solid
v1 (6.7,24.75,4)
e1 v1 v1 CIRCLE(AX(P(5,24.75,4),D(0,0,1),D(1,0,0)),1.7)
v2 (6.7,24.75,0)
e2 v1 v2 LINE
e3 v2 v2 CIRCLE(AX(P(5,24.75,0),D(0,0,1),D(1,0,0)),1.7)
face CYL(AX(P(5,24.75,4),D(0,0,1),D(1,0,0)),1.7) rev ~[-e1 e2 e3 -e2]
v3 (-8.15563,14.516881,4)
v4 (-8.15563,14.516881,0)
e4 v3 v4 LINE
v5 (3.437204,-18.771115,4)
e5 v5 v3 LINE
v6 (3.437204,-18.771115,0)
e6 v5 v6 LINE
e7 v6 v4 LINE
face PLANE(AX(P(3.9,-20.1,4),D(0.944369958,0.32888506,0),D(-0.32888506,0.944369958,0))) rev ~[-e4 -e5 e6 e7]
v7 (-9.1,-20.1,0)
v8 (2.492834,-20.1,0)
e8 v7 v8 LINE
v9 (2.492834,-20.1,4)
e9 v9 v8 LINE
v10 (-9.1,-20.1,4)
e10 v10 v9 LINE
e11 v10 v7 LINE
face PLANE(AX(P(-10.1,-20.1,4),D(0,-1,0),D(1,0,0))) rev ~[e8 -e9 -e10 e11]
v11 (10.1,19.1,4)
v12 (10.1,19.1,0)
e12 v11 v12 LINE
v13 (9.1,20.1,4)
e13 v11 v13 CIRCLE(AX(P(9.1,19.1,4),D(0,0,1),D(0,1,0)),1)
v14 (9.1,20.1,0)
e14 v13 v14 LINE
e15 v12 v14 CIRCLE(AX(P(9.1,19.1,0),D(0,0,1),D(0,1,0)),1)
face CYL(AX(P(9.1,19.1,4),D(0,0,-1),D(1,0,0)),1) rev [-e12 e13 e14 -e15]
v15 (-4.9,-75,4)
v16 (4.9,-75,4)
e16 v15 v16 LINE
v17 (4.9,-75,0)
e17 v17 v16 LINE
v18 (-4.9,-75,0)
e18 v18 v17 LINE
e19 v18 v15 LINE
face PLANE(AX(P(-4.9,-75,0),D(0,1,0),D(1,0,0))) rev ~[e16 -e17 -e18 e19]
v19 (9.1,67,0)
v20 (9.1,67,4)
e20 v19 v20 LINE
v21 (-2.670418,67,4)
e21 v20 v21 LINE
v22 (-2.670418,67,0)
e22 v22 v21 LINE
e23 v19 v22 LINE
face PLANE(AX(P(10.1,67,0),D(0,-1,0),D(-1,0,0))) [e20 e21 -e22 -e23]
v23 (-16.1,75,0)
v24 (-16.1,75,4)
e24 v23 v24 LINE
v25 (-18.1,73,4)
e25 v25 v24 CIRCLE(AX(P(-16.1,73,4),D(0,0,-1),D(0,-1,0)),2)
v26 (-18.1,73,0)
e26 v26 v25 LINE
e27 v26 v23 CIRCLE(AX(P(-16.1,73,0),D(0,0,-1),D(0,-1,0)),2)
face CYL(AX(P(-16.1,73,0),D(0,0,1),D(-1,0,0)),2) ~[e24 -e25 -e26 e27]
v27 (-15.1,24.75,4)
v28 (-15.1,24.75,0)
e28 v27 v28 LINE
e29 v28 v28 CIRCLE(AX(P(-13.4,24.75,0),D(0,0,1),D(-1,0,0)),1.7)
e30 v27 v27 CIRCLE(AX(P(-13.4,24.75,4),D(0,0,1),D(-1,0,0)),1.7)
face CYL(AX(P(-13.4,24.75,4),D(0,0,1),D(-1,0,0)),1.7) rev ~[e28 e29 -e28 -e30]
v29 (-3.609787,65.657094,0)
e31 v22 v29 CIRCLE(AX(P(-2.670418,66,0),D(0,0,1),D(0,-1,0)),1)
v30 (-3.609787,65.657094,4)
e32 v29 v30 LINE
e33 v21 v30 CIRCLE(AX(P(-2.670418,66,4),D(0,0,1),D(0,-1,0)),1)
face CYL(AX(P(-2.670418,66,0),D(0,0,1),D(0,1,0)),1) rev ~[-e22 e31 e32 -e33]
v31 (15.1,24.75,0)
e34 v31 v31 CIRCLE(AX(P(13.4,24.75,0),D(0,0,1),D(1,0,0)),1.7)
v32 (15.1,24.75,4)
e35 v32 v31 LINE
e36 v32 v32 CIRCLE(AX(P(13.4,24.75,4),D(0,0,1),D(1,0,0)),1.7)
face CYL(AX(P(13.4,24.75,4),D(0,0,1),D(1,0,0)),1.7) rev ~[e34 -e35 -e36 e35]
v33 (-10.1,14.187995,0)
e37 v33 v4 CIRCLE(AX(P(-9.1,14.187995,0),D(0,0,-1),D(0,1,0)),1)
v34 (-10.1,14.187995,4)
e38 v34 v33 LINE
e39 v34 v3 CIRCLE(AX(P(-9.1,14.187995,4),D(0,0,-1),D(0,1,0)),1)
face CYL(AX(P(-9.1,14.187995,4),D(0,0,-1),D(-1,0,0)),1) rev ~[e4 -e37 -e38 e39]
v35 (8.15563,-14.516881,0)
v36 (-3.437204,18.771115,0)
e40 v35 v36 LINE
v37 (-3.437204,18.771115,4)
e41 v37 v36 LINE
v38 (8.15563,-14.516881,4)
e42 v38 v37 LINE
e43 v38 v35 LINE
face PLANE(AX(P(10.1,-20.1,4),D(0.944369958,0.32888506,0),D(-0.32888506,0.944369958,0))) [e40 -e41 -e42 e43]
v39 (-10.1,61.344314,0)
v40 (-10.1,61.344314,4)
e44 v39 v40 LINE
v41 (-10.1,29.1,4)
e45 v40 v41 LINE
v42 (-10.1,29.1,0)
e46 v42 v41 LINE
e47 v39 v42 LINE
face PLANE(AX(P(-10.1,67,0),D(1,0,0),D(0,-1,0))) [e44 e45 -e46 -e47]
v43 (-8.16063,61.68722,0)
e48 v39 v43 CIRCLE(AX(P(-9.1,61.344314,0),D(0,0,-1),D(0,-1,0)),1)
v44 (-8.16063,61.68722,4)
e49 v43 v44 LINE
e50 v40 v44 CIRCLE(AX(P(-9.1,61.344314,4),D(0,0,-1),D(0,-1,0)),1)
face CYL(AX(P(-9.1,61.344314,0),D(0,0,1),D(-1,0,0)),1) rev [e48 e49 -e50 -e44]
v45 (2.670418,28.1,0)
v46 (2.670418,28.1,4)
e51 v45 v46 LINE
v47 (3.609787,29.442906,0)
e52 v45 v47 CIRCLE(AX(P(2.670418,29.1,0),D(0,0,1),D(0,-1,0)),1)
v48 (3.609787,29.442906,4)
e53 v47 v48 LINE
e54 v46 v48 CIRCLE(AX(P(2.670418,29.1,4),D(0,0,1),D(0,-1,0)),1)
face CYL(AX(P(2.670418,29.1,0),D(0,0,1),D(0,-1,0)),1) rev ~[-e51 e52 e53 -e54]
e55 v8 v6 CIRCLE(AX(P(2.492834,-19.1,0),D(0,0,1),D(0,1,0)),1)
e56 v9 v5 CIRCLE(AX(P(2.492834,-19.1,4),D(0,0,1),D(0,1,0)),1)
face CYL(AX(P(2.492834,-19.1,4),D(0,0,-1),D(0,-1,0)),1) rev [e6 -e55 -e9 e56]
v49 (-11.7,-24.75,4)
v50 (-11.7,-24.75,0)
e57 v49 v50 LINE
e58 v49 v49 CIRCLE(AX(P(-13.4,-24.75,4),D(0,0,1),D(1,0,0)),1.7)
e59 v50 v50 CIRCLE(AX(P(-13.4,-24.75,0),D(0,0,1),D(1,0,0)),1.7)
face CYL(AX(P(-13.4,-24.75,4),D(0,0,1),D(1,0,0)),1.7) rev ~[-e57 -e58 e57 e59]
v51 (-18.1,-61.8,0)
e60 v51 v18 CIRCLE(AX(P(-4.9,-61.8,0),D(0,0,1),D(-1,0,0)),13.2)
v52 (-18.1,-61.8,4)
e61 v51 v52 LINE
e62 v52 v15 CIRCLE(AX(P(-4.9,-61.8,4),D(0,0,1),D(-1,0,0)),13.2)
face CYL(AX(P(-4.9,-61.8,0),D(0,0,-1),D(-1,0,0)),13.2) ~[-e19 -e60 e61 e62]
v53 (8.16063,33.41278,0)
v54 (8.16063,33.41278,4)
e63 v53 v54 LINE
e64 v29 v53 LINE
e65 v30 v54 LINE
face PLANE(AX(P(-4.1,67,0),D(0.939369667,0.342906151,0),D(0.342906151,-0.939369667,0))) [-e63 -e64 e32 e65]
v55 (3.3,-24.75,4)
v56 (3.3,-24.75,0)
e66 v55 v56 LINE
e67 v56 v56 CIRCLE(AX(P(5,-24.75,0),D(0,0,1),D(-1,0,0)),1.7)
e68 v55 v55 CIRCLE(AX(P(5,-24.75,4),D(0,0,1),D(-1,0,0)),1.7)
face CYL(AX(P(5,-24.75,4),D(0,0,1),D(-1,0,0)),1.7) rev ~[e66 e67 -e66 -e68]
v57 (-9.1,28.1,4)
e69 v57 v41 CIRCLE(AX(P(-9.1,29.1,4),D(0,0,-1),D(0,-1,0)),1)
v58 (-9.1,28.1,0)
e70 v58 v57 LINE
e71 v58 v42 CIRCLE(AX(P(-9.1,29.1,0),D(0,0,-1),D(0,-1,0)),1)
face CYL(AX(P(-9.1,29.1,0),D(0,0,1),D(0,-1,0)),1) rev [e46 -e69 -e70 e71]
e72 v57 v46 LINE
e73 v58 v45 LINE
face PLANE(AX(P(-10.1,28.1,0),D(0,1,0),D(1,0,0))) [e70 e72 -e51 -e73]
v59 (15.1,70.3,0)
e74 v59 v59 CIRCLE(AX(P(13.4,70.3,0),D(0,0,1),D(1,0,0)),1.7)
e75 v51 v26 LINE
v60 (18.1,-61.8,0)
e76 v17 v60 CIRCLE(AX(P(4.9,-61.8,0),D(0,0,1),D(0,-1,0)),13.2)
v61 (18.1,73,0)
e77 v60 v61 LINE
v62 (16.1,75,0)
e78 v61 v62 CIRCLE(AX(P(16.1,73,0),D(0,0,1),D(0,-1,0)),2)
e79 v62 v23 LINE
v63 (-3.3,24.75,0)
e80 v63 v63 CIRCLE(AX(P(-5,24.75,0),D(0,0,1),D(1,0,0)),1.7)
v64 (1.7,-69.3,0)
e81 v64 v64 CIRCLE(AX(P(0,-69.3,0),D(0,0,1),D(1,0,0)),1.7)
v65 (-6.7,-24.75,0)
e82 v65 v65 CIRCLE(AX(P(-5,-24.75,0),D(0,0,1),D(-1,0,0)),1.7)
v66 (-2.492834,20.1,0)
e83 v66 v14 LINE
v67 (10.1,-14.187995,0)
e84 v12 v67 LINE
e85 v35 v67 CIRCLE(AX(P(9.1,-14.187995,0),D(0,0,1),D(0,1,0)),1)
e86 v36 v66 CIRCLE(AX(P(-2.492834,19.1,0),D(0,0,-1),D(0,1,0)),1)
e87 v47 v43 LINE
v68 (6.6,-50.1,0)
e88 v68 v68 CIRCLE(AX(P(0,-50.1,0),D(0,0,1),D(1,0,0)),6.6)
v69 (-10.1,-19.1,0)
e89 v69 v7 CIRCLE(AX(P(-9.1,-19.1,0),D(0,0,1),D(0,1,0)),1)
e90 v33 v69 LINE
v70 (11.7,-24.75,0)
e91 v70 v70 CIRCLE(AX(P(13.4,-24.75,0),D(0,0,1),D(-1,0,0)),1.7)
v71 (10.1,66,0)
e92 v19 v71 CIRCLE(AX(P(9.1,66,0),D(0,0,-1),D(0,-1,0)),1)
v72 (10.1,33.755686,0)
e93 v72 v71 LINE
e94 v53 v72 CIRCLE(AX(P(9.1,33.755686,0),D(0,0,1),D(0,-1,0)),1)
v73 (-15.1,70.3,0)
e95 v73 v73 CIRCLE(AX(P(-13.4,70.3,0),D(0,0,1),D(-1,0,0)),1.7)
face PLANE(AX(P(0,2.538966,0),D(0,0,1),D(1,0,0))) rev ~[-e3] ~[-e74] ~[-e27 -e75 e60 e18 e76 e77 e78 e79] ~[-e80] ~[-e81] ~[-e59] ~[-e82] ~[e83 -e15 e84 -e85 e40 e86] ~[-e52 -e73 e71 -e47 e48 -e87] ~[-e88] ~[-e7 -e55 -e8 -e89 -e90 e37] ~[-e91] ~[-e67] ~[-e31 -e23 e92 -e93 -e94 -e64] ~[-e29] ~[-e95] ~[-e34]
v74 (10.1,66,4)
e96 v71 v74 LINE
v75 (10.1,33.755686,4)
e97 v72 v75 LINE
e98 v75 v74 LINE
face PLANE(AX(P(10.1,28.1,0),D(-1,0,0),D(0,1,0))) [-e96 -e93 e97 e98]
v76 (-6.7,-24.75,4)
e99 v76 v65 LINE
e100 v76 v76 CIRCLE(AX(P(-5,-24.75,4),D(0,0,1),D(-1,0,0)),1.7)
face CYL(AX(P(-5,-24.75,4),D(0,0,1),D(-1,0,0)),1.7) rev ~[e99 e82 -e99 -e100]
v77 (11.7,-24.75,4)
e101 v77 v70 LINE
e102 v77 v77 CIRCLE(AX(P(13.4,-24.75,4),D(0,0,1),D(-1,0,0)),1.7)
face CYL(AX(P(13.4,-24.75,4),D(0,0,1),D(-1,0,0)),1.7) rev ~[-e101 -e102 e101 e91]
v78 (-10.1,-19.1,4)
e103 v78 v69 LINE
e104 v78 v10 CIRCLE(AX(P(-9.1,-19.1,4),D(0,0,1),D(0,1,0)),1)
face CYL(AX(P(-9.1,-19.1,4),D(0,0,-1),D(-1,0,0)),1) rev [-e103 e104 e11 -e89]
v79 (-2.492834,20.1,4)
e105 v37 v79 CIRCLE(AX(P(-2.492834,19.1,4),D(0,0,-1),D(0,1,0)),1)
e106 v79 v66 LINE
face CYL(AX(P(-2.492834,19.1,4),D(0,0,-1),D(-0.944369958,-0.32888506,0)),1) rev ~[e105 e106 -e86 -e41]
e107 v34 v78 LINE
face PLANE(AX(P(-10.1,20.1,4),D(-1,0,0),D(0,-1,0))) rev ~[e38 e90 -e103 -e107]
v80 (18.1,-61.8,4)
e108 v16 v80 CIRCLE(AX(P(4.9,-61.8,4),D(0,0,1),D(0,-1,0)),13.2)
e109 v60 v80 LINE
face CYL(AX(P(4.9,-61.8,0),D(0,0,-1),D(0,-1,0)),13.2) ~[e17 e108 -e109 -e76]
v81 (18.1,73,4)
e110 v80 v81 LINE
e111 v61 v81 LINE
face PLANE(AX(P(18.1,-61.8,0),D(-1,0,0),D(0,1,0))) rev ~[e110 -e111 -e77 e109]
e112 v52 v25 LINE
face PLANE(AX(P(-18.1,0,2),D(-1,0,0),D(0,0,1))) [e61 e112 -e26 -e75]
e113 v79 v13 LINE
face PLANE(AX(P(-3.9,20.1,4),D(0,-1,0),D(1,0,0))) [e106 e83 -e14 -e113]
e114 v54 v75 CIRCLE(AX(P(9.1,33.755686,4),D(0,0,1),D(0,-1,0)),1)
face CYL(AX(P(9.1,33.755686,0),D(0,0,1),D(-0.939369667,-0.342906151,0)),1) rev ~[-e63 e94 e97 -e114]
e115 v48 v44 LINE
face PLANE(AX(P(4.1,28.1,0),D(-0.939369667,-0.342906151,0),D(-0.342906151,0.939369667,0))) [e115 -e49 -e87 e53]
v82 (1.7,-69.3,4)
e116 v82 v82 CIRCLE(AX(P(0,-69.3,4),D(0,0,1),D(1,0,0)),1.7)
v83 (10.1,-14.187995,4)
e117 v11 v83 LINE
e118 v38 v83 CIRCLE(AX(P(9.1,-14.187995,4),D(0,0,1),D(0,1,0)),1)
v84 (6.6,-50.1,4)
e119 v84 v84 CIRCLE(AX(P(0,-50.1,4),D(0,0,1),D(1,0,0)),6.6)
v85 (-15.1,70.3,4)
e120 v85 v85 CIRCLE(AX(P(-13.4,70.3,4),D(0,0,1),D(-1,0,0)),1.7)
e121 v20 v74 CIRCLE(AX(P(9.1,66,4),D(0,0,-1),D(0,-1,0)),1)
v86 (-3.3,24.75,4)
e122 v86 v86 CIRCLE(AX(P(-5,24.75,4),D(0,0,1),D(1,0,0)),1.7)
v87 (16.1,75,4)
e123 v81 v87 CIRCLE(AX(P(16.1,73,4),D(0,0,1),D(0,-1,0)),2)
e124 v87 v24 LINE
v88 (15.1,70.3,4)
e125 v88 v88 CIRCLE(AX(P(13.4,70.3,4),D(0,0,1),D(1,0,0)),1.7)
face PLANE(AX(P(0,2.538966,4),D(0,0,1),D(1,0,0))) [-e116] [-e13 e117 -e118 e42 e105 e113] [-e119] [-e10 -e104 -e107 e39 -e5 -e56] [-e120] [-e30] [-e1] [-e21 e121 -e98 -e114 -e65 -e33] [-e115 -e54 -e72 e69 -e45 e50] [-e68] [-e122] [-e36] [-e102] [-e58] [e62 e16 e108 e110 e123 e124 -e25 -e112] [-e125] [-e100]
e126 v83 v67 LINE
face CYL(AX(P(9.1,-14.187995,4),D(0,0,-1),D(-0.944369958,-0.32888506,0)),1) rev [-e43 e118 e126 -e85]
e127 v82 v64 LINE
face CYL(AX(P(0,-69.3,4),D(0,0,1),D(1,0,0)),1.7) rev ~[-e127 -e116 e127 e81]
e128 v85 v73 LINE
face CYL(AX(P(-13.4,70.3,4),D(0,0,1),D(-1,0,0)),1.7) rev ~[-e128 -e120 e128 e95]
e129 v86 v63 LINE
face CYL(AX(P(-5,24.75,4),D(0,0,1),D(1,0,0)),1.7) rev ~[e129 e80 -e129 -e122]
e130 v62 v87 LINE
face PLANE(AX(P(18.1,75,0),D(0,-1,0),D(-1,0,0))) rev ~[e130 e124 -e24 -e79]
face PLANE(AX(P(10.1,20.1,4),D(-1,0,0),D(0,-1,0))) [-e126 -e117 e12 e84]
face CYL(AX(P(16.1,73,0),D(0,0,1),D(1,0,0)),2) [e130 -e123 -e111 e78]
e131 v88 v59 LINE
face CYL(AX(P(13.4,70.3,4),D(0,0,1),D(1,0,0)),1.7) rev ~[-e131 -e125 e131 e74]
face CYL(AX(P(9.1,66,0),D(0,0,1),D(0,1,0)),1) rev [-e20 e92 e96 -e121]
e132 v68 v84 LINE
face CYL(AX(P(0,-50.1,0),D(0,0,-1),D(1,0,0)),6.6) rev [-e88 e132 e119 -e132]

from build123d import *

# Parameters (mm, degrees)
SKETCH1_R           = 6.6
SKETCH1_W           = 20.2
SKETCH1_H           = 40.2
BASE_PLATE_DEPTH    = 4
FILLET1_R           = 1
FILLET2_R           = 2
SKETCH2_R           = 1.7
CUT_EXTRUDE1_DEPTH  = 78.256779638
SKETCH3_W           = 4
SKETCH3_H           = 40.2
BOSS_EXTRUDE1_DEPTH = 28.2
CUT_EXTRUDE2_DEPTH  = 78.256779638
FILLET3_R           = 1


with BuildPart() as part:
    # Sketch1 → Base Plate (new body)
    with BuildSketch(Plane.XY):
        with BuildLine():
            Line((-4.9, -75), (4.9, -75))
            ThreePointArc((4.9, -75), (14.233809512, -71.133809512), (18.1, -61.8))
            Line((18.1, -61.8), (18.1, 75))
            Line((18.1, 75), (-18.1, 75))
            Line((-18.1, 75), (-18.1, -61.8))
            ThreePointArc((-18.1, -61.8), (-14.233809512, -71.133809512), (-4.9, -75))
        make_face()
        with Locations((0, -50.1)):
            Circle(SKETCH1_R, mode=Mode.SUBTRACT)
        Polygon((-10.1, 28.1), (4.1, 28.1), (-10.1, 67), align=None, mode=Mode.SUBTRACT)
        Rectangle(SKETCH1_W, SKETCH1_H, mode=Mode.SUBTRACT)
        Polygon((10.1, 67), (-4.1, 67), (10.1, 28.1), align=None, mode=Mode.SUBTRACT)
    extrude(amount=BASE_PLATE_DEPTH)

    # Fillet1
    fillet1_edges = [part.edges().sort_by_distance(p)[0] for p in [
        (10.1, 28.1, 2),
        (10.1, 67, 2),
        (-4.1, 67, 2),
        (-10.1, 67, 2),
        (-10.1, 28.1, 2),
        (4.1, 28.1, 2),
    ]]
    fillet(fillet1_edges, radius=FILLET1_R)

    # Fillet2
    fillet2_edges = [part.edges().sort_by_distance(p)[0] for p in [
        (-18.1, 75, 2),
        (18.1, 75, 2),
    ]]
    fillet(fillet2_edges, radius=FILLET2_R)

    # Sketch2 → Cut-Extrude1 (cut, through all)
    with BuildSketch(Plane.XY.offset(4)):
        with Locations((5, 24.75)):
            Circle(SKETCH2_R)
        with Locations((-5, 24.75)):
            Circle(SKETCH2_R)
        with Locations(Location((-5, -24.75, 0), (0, 0, 180))):
            Circle(SKETCH2_R)
        with Locations(Location((5, -24.75, 0), (0, 0, 180))):
            Circle(SKETCH2_R)
        with Locations((13.4, 24.75)):
            Circle(SKETCH2_R)
        with Locations(Location((-13.4, 24.75, 0), (0, 0, 180))):
            Circle(SKETCH2_R)
        with Locations(Location((13.4, -24.75, 0), (0, 0, 180))):
            Circle(SKETCH2_R)
        with Locations((-13.4, -24.75)):
            Circle(SKETCH2_R)
        with Locations((13.4, 70.3)):
            Circle(SKETCH2_R)
        with Locations(Location((-13.4, 70.3, 0), (0, 0, 180))):
            Circle(SKETCH2_R)
        with Locations((0, -69.3)):
            Circle(SKETCH2_R)
    extrude(amount=-CUT_EXTRUDE1_DEPTH, mode=Mode.SUBTRACT)

    # Sketch3 → Boss-Extrude1 (add, through all)
    with BuildSketch(Plane.ZY.offset(-10.1)):
        with Locations((2, 0)):
            Rectangle(SKETCH3_W, SKETCH3_H)
    extrude(amount=BOSS_EXTRUDE1_DEPTH)

    # Sketch4 → Cut-Extrude2 (cut, through all)
    with BuildSketch(Plane.XY.offset(4)):
        Polygon((-10.1, 20.1), (-10.1, -20.1), (3.9, -20.1), align=None)
        Polygon((-3.9, 20.1), (10.1, 20.1), (10.1, -20.1), align=None)
    extrude(amount=-CUT_EXTRUDE2_DEPTH, mode=Mode.SUBTRACT)

    # Fillet3
    fillet3_edges = [part.edges().sort_by_distance(p)[0] for p in [
        (10.1, -20.1, 2),
        (-3.9, 20.1, 2),
        (10.1, 20.1, 2),
        (-10.1, 20.1, 2),
        (3.9, -20.1, 2),
        (-10.1, -20.1, 2),
    ]]
    fillet(fillet3_edges, radius=FILLET3_R)


solid = part.part
